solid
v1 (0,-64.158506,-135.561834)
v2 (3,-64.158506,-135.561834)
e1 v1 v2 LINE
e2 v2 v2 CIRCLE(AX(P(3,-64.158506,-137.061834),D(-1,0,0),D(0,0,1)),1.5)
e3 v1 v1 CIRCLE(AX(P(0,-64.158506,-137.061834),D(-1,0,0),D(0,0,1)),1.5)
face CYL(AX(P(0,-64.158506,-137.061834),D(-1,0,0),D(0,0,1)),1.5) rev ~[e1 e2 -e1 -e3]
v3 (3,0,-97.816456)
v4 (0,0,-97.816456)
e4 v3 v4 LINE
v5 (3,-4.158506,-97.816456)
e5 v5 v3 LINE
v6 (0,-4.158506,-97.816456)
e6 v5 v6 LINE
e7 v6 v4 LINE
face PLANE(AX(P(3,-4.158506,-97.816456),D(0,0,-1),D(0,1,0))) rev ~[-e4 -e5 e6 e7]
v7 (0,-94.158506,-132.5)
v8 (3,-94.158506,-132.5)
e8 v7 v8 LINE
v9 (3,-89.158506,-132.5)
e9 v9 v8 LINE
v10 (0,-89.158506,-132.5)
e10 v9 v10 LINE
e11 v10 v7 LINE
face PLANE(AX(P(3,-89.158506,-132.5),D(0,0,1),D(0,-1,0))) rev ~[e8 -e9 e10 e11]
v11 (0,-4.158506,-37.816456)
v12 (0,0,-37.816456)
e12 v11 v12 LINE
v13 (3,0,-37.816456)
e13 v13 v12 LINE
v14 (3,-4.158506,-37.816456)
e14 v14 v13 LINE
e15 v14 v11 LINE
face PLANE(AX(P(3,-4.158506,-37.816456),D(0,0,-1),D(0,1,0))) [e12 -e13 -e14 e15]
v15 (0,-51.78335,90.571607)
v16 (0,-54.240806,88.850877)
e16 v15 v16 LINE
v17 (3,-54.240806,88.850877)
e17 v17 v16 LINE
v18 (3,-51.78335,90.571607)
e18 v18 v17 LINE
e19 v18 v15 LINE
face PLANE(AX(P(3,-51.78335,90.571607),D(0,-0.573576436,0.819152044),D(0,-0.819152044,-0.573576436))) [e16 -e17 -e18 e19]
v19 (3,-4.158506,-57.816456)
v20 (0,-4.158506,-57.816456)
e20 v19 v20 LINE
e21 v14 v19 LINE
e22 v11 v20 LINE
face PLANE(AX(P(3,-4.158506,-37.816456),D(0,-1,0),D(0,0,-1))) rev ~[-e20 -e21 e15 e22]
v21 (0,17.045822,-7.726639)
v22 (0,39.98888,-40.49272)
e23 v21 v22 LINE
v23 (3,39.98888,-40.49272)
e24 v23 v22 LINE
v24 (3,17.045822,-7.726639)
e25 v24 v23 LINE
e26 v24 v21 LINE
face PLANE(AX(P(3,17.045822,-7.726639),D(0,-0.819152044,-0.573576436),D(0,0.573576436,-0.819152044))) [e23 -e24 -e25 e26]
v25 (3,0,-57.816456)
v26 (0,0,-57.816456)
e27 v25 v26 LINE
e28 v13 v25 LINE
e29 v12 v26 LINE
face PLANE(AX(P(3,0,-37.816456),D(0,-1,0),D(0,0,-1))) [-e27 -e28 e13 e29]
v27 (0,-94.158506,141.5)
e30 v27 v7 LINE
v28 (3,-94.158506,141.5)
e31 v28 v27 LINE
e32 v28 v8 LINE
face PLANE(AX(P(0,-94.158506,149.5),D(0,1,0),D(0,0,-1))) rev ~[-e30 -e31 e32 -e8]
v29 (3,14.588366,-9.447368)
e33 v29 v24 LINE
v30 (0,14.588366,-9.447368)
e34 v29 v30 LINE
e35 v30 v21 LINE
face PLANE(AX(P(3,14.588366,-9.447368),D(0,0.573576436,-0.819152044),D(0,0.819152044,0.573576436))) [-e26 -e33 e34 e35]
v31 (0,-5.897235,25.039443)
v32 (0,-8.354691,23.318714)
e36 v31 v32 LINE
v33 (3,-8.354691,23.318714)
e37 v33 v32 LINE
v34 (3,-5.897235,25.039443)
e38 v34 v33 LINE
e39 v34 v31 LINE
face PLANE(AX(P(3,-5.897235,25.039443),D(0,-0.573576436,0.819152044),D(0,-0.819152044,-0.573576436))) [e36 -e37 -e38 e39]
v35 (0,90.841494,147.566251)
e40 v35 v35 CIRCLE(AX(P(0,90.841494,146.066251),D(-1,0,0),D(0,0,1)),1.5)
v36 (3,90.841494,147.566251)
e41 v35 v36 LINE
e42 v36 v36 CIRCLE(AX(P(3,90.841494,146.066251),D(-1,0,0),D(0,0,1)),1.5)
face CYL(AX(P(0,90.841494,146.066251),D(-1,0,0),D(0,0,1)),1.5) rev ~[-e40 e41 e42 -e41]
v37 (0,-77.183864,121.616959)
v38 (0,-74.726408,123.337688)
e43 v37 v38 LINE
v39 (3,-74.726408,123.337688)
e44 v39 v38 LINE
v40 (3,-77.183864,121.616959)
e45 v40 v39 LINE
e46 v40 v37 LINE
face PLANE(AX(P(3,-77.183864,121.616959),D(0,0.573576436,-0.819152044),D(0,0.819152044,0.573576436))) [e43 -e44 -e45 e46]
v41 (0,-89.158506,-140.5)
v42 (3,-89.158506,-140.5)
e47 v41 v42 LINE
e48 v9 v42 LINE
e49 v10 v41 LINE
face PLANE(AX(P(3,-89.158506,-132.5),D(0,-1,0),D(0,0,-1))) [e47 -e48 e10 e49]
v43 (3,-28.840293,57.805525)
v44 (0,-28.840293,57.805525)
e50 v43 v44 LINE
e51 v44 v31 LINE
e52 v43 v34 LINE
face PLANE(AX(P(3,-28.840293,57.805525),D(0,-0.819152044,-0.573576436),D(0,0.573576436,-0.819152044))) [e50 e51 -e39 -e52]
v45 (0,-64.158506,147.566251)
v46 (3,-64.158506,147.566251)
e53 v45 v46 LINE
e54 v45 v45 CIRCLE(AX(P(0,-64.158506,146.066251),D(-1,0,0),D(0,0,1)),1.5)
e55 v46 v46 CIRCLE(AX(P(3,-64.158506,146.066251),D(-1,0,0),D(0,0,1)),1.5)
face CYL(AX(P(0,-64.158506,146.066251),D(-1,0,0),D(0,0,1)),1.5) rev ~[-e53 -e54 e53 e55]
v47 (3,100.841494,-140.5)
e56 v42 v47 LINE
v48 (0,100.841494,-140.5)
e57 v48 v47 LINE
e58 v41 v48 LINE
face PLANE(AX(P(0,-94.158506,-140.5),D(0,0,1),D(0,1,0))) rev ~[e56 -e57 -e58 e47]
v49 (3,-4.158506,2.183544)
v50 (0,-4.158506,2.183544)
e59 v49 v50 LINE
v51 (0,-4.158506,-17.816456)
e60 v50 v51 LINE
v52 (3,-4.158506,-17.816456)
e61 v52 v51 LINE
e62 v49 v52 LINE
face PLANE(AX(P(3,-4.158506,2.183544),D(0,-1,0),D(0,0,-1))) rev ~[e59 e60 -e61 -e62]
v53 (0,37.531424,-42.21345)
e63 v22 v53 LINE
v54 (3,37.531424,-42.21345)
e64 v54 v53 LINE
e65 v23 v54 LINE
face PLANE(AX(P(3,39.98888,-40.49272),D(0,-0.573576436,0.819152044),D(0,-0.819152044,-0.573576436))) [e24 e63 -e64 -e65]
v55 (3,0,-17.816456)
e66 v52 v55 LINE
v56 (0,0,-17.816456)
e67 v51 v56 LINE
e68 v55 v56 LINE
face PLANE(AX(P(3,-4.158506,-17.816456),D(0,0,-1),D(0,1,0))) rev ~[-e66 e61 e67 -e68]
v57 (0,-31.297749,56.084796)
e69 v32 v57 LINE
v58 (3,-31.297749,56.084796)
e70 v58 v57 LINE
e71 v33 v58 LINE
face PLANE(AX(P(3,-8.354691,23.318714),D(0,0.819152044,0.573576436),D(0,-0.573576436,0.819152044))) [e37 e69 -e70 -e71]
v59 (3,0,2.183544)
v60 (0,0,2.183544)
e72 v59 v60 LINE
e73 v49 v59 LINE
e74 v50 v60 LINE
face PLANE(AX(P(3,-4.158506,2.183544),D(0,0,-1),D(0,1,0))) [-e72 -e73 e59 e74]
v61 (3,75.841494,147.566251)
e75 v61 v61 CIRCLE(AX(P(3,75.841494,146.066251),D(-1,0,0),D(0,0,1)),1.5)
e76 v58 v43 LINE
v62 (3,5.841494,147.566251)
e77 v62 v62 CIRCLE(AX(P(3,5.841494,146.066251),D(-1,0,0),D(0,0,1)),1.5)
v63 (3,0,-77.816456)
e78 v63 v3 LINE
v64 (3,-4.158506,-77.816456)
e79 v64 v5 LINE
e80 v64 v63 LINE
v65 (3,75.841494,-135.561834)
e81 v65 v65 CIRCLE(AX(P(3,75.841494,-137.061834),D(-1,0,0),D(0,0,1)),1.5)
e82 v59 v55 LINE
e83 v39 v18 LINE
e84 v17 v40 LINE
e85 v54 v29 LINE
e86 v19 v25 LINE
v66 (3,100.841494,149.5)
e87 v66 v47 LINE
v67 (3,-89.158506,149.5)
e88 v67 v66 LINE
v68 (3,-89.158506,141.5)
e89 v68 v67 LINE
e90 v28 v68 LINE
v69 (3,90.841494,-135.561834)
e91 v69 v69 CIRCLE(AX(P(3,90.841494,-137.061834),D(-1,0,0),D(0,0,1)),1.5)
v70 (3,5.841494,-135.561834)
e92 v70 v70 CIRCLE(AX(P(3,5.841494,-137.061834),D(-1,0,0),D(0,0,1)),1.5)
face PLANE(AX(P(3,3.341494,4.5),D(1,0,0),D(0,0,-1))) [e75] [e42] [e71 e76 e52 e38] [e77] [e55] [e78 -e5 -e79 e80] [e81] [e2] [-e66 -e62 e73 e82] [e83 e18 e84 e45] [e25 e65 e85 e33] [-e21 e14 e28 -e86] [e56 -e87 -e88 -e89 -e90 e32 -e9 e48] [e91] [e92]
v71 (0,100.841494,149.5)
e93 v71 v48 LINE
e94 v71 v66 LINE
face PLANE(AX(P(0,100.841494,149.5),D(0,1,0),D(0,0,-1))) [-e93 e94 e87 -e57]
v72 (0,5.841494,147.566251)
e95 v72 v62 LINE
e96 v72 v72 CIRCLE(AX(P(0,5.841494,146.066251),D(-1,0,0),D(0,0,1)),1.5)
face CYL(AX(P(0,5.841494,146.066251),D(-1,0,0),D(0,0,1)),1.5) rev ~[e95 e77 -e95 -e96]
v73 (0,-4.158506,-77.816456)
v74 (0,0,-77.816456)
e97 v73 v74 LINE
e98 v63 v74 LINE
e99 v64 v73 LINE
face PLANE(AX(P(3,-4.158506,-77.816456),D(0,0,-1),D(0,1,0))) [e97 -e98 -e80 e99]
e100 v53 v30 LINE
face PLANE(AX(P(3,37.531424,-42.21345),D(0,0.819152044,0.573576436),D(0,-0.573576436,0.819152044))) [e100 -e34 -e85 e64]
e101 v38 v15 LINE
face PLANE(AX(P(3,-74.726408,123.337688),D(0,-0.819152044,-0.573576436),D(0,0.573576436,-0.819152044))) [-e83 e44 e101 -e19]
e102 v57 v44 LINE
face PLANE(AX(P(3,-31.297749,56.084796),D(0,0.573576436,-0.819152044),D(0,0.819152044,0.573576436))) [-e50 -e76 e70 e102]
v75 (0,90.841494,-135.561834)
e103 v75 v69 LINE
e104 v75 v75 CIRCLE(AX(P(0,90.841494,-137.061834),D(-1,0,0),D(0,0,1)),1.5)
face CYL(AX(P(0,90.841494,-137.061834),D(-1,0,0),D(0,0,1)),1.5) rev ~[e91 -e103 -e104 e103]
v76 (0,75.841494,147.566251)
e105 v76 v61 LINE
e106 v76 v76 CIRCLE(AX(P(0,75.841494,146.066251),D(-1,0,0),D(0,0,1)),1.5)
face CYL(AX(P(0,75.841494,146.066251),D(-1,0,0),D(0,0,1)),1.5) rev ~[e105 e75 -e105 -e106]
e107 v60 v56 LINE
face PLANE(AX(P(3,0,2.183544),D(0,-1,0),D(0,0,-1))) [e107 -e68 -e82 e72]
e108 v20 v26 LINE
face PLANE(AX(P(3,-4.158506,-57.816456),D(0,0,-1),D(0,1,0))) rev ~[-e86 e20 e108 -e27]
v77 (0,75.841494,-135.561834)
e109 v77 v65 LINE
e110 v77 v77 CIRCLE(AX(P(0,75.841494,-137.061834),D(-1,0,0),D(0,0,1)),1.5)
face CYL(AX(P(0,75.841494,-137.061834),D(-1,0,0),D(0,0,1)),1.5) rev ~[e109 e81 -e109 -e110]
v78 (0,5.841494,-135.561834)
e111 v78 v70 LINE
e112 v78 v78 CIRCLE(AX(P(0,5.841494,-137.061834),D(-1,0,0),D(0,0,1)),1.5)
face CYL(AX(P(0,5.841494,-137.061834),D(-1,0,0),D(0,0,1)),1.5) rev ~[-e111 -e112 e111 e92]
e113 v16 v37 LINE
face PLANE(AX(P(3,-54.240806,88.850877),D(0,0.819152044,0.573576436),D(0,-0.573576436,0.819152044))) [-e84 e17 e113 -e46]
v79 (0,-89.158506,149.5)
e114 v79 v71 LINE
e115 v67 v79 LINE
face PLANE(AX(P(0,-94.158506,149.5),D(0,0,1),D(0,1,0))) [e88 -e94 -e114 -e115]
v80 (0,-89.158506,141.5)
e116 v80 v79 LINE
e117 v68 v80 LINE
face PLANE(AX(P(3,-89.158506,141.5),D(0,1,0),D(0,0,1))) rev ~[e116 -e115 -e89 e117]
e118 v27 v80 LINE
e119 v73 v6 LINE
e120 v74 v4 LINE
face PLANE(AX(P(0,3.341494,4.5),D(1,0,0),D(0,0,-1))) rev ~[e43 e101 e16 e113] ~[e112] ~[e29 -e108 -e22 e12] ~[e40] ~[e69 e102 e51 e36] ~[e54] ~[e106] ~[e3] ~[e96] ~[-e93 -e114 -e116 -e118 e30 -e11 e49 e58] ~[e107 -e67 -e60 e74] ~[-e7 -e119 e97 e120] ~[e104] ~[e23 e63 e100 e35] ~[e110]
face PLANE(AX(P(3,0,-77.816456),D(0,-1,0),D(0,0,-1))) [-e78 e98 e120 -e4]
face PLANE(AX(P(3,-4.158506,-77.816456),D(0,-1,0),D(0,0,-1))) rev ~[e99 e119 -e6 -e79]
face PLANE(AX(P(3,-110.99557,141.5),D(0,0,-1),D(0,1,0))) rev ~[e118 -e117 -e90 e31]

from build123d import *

# Parameters (mm, degrees)
SKETCH1_W           = 290
SKETCH1_H           = 195
BOSS_EXTRUDE1_DEPTH = 3
CUT_EXTRUDE1_DEPTH  = 10
SKETCH3_R           = 1.5
CUT_EXTRUDE2_DEPTH  = 10
CUT_EXTRUDE3_DEPTH  = 10
SKETCH5_W           = 20
SKETCH5_H           = 4.158505531
CUT_EXTRUDE4_DEPTH  = 10


with BuildPart() as part:
    # Sketch1 → Boss-Extrude1 (new body)
    with BuildSketch(Plane(origin=(0, 0, 0), x_dir=(0, 0, -1), z_dir=(1, 0, 0))):
        with Locations((-4.5, 3.341494469)):
            Rectangle(SKETCH1_W, SKETCH1_H)
    extrude(amount=BOSS_EXTRUDE1_DEPTH)

    # Sketch2 → Cut-Extrude1 (cut)
    with BuildSketch(Plane(origin=(3, 0, 0), x_dir=(0, 0, -1), z_dir=(1, 0, 0))):
        Polygon((-141.5, -94.158505531), (-141.5, -89.158505531), (-159.427644911, -89.158505531), (-159.427644911, -110.995569774), (-141.5, -110.995569774), align=None)
        Polygon((132.5, -110.995569774), (132.5, -94.158505531), (132.5, -89.158505531), (150.427644911, -89.158505531), (150.427644911, -110.995569774), align=None)
    extrude(amount=-CUT_EXTRUDE1_DEPTH, mode=Mode.SUBTRACT)

    # Sketch3 → Cut-Extrude2 (cut)
    with BuildSketch(Plane.ZY):
        with Locations((146.066251174, -64.158505531)):
            Circle(SKETCH3_R)
        with Locations((-137.061834429, -64.158505531)):
            Circle(SKETCH3_R)
        with Locations((-137.061834429, 5.841494469)):
            Circle(SKETCH3_R)
        with Locations((146.066251174, 5.841494469)):
            Circle(SKETCH3_R)
        with Locations((-137.061834429, 75.841494469)):
            Circle(SKETCH3_R)
        with Locations((146.066251174, 75.841494469)):
            Circle(SKETCH3_R)
        with Locations((-137.061834429, 90.841494469)):
            Circle(SKETCH3_R)
        with Locations((146.066251174, 90.841494469)):
            Circle(SKETCH3_R)
    extrude(amount=-CUT_EXTRUDE2_DEPTH, mode=Mode.SUBTRACT)

    # Sketch4 → Cut-Extrude3 (cut)
    with BuildSketch(Plane(origin=(3, 0, 0), x_dir=(0, 0, -1), z_dir=(1, 0, 0))):
        Polygon((-123.337688423, -74.726407598), (-90.571606652, -51.783350144), (-88.850877343, -54.240806276), (-121.616959114, -77.18386373), align=None)
        Polygon((-57.80552488, -28.84029269), (-25.039443109, -5.897235235), (-23.3187138, -8.354691368), (-56.084795571, -31.297748822), align=None)
        Polygon((7.726638663, 17.045822219), (40.492720435, 39.988879673), (42.213449744, 37.53142354), (9.447367972, 14.588366086), align=None)
    extrude(amount=-CUT_EXTRUDE3_DEPTH, mode=Mode.SUBTRACT)

    # Sketch5 → Cut-Extrude4 (cut)
    with BuildSketch(Plane(origin=(3, 0, 0), x_dir=(0, 0, -1), z_dir=(1, 0, 0))):
        with Locations((7.816456388, -2.079252766)):
            Rectangle(SKETCH5_W, SKETCH5_H)
        with Locations((47.816456388, -2.079252766)):
            Rectangle(SKETCH5_W, SKETCH5_H)
        with Locations((87.816456388, -2.079252766)):
            Rectangle(SKETCH5_W, SKETCH5_H)
    extrude(amount=-CUT_EXTRUDE4_DEPTH, mode=Mode.SUBTRACT)


solid = part.part
